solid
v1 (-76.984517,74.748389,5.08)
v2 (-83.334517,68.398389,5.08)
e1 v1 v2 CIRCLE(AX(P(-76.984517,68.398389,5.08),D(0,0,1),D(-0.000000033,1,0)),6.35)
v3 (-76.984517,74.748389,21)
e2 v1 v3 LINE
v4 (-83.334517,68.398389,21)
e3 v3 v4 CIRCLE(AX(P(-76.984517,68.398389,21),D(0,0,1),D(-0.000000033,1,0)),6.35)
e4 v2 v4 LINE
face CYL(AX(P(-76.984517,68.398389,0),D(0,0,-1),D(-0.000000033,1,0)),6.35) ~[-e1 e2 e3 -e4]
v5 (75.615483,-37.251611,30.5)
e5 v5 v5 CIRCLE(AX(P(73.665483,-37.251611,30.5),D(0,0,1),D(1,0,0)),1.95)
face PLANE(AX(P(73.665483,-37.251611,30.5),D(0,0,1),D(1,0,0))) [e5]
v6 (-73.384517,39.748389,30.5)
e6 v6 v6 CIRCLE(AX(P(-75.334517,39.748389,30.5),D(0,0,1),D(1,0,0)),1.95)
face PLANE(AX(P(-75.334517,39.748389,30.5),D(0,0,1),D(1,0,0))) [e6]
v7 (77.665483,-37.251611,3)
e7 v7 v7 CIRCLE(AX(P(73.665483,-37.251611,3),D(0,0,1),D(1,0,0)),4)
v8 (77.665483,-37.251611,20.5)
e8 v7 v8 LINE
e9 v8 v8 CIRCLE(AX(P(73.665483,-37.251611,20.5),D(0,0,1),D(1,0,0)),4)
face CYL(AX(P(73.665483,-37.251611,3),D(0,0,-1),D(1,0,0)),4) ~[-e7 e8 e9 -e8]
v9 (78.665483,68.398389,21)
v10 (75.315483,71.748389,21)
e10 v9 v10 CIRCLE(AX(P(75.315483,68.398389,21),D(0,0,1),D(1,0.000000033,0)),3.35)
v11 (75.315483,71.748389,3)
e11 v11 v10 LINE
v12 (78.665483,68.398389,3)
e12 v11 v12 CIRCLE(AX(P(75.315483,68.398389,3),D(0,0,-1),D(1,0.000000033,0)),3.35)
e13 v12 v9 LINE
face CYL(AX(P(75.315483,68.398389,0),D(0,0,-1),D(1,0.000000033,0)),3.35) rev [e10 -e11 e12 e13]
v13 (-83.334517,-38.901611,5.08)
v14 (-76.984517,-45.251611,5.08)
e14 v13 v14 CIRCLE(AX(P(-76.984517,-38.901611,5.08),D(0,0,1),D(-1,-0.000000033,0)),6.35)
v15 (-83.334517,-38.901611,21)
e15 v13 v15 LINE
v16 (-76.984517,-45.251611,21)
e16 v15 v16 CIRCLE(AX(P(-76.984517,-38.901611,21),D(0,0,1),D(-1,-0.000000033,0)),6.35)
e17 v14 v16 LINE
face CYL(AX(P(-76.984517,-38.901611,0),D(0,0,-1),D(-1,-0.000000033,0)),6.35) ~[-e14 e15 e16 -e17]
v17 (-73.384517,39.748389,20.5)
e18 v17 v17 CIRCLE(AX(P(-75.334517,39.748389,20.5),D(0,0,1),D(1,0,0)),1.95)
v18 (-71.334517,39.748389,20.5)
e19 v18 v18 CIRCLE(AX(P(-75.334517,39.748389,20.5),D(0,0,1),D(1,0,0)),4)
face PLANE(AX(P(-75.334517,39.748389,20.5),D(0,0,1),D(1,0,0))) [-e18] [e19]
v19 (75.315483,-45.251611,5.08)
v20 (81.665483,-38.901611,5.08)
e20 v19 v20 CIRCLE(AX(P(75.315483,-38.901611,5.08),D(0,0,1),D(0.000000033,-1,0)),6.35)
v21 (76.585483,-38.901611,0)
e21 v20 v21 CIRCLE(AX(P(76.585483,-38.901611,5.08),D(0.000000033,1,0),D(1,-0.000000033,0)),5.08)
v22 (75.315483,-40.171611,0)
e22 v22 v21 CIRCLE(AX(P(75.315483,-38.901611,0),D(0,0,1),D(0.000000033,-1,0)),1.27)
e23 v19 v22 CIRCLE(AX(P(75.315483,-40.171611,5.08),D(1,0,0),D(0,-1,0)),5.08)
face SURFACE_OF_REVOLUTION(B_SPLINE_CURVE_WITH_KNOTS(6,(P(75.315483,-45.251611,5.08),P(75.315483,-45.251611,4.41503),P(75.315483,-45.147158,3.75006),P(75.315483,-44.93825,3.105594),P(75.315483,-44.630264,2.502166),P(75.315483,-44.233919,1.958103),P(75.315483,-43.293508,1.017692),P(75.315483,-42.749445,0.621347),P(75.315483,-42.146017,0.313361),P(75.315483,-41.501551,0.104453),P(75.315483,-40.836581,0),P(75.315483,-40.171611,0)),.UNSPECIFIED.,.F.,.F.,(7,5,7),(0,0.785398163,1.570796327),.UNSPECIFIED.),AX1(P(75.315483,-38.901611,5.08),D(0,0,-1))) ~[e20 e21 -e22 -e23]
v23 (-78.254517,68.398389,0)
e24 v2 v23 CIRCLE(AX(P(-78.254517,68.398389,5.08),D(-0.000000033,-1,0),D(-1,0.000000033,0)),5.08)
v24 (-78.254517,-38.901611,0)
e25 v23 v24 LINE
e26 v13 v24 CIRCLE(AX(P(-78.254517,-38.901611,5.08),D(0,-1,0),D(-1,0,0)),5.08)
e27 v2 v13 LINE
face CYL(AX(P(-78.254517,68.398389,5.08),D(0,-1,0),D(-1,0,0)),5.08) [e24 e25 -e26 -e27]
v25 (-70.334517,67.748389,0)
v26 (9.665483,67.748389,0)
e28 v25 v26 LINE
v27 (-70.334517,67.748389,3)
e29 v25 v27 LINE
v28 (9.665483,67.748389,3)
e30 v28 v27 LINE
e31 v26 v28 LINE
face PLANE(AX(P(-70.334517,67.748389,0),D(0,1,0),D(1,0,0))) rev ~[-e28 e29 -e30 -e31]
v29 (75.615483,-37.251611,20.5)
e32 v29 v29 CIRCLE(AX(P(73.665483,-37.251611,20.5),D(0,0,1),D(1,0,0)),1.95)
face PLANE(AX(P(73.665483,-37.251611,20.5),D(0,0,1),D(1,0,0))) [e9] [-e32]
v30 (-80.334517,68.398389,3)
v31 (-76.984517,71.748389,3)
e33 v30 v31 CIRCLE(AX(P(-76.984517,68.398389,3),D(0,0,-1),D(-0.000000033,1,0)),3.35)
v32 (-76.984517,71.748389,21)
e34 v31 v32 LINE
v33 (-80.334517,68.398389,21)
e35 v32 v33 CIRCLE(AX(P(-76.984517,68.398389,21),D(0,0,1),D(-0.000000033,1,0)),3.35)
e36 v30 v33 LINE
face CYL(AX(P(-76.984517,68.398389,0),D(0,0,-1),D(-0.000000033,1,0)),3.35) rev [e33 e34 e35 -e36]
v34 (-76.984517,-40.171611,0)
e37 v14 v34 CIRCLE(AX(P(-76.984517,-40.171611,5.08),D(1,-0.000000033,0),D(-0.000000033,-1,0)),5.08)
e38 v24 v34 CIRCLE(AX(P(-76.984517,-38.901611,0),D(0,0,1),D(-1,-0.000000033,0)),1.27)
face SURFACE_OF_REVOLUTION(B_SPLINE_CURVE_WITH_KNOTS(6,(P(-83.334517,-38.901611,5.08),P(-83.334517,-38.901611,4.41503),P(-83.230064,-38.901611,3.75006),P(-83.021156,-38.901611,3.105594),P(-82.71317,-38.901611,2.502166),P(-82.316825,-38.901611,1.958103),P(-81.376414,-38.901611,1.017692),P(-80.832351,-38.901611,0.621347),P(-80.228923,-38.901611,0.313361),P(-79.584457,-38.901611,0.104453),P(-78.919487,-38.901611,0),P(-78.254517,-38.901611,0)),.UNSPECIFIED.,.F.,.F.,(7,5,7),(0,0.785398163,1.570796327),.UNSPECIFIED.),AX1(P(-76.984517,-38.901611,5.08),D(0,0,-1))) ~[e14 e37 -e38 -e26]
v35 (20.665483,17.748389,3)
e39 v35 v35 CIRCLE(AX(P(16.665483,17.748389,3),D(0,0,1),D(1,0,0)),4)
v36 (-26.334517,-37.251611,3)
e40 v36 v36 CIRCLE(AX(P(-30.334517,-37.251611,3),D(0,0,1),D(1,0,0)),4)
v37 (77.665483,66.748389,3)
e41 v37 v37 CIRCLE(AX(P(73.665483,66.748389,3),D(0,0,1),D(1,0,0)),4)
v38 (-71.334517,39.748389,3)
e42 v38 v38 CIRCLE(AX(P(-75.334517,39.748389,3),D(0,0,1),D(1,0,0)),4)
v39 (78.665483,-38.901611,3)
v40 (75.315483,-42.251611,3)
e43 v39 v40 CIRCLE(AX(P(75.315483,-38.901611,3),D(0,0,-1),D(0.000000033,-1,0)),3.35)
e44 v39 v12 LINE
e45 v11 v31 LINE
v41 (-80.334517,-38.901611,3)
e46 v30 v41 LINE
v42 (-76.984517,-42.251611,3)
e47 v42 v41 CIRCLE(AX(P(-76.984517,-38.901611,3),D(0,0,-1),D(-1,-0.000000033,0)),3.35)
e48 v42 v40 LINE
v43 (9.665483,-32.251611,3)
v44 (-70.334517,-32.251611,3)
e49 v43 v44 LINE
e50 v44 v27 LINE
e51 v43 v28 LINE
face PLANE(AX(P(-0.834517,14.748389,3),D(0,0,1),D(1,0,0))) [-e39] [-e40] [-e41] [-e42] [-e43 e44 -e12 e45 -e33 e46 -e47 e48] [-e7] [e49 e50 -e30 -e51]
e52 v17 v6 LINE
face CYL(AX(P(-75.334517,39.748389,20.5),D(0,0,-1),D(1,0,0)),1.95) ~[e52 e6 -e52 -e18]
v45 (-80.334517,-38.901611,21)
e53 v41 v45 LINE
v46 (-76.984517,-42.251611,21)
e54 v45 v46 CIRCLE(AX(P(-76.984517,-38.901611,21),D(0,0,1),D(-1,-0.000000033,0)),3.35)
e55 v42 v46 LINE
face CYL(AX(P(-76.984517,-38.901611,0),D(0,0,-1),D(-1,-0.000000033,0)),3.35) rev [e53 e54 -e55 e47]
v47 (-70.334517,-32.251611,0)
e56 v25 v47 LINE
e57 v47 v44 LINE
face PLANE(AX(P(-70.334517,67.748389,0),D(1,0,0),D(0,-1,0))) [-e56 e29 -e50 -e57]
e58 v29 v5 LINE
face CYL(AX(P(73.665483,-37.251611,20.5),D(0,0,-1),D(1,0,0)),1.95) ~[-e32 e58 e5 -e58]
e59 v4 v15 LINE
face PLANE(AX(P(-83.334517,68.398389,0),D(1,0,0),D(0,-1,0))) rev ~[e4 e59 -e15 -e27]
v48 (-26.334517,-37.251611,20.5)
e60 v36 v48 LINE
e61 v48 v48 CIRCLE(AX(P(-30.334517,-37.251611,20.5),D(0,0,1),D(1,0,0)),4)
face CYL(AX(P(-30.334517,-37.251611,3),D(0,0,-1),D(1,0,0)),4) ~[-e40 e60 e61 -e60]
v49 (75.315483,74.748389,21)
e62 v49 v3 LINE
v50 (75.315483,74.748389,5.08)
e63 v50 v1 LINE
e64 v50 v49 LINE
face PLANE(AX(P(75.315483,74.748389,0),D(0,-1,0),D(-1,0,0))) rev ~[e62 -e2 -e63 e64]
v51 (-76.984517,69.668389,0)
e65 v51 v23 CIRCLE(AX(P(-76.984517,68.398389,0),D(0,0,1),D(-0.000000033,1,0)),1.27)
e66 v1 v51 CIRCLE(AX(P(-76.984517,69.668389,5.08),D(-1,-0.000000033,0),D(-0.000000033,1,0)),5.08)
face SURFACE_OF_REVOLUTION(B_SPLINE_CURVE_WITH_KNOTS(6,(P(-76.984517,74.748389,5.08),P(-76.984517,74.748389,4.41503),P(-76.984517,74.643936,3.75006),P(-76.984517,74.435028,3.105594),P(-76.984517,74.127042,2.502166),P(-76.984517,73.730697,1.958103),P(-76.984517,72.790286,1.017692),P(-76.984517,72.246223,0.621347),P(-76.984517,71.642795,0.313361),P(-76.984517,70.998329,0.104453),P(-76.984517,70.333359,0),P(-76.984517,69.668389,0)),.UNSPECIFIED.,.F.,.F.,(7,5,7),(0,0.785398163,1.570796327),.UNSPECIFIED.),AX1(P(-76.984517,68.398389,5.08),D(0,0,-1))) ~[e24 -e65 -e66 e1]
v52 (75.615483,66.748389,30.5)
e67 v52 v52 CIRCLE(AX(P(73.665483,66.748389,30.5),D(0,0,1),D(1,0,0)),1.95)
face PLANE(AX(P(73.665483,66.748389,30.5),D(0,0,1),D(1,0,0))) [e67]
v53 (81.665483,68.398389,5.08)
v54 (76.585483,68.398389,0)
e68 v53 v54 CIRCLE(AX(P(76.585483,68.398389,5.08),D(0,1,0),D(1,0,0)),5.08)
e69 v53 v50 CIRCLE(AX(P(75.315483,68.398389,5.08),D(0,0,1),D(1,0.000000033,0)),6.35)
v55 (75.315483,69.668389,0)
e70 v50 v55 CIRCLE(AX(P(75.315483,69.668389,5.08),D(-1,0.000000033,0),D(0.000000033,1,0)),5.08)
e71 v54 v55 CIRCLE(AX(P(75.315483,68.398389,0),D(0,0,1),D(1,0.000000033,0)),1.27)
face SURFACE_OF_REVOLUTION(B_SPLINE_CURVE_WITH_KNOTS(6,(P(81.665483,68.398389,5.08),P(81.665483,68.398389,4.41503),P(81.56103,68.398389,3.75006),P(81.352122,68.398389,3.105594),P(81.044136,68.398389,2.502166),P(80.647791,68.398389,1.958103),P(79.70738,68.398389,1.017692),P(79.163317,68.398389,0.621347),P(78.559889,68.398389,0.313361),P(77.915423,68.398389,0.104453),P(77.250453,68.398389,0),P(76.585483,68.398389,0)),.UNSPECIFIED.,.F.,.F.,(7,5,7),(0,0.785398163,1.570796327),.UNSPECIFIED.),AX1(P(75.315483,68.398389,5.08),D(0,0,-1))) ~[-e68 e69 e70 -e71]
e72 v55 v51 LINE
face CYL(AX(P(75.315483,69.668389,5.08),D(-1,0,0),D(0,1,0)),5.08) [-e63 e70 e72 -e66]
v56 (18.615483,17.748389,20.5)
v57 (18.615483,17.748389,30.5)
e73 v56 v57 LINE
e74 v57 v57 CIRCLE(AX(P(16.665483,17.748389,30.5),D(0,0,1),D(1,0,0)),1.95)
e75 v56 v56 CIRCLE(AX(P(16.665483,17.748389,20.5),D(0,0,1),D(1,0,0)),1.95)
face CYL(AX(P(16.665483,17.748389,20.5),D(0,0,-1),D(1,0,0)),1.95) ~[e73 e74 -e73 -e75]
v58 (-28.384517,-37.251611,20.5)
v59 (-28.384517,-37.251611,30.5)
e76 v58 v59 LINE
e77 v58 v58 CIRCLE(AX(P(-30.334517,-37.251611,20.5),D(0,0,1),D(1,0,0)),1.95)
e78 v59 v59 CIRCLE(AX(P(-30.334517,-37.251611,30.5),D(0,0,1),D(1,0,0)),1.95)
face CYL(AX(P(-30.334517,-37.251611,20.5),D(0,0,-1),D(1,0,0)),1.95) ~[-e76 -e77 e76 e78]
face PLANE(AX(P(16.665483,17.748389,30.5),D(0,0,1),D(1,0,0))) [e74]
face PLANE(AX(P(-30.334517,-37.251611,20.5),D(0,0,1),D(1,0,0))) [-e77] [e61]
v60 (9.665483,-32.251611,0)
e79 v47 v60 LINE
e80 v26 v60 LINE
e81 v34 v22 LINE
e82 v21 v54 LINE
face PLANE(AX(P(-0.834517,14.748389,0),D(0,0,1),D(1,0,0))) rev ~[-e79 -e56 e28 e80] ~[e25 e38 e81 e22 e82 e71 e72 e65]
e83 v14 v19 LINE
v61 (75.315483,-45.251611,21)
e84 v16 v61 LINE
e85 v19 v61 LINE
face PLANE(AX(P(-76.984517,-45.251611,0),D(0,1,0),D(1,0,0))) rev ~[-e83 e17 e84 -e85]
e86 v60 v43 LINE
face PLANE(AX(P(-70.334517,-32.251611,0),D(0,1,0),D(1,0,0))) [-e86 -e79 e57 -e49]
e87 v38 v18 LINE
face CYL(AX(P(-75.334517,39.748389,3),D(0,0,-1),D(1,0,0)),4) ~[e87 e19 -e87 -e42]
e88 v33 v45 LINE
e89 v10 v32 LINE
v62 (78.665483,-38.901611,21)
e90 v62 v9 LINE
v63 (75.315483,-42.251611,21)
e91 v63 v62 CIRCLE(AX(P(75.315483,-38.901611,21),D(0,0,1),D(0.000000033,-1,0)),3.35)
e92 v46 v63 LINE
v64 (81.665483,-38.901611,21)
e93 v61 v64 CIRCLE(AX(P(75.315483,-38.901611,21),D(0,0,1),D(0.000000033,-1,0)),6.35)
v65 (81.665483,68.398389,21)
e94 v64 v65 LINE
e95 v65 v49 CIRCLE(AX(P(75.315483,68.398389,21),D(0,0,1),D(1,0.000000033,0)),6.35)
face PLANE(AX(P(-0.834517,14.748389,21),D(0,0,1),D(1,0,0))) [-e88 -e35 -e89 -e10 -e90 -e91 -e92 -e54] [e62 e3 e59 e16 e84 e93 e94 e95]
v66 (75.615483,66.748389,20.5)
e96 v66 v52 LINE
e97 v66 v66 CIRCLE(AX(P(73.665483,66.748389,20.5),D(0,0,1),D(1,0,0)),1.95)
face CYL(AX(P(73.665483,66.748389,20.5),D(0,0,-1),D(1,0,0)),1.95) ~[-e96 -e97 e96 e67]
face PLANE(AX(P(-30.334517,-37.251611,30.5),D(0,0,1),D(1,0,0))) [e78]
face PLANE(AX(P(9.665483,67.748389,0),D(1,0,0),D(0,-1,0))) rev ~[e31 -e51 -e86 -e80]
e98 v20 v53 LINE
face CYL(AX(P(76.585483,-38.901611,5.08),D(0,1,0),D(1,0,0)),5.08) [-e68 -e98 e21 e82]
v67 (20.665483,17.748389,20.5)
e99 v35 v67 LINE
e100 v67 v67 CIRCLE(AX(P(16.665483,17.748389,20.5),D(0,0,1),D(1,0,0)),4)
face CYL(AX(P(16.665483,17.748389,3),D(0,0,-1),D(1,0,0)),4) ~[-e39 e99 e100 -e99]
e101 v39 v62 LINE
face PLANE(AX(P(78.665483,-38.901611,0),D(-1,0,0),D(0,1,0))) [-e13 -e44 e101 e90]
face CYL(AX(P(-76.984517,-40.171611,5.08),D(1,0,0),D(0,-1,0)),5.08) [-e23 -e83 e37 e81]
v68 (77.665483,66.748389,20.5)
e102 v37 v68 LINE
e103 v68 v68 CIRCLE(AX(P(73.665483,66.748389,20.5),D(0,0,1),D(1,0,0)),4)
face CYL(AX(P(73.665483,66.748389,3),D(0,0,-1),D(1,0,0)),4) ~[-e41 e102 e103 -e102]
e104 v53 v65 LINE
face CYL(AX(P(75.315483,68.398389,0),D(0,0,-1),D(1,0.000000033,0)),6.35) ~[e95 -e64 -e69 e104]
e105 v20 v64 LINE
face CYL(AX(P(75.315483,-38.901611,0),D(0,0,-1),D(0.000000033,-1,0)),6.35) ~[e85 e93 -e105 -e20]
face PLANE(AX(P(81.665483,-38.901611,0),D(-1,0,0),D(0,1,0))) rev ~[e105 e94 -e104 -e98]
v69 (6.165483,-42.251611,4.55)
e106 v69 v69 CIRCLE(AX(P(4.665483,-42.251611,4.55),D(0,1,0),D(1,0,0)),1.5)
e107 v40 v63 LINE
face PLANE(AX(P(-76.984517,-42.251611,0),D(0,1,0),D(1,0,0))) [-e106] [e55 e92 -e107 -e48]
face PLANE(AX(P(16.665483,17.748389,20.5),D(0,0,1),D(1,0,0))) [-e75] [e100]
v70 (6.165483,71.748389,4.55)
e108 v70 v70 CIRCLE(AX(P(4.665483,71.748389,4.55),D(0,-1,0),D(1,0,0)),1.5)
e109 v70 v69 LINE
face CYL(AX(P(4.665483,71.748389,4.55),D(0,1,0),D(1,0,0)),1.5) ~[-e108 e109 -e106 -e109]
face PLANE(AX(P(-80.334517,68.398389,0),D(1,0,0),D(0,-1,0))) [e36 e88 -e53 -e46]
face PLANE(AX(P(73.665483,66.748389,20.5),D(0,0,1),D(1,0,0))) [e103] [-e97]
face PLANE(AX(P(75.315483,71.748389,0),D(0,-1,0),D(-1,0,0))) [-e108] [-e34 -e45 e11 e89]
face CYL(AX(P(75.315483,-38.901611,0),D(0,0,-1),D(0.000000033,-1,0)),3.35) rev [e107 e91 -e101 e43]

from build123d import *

# Parameters (mm, degrees)
F1_DEPTH  = 21
F2_T      = -3
F3_R      = 5.08
F4_R      = 4
F5_DEPTH  = 17.5
F6_R      = 1.95
F7_DEPTH  = 10
F8_W      = 80
F8_H      = 100
F9_DEPTH  = 25
F10_R     = 1.5
F11_DEPTH = 115


with BuildPart() as f1:
    # F0 (on Top) → F1 (new body)
    with BuildSketch(Plane.XY):
        with BuildLine():
            ThreePointArc((-83.334517, -38.901611), (-81.474645, -43.391739), (-76.984517, -45.251611))
            Line((-76.984517, -45.251611), (75.315483, -45.251611))
            ThreePointArc((75.315483, -45.251611), (79.805611, -43.391739), (81.665483, -38.901611))
            Line((81.665483, -38.901611), (81.665483, 68.398389))
            ThreePointArc((81.665483, 68.398389), (79.805611, 72.888517), (75.315483, 74.748389))
            Line((75.315483, 74.748389), (-76.984517, 74.748389))
            ThreePointArc((-76.984517, 74.748389), (-81.474645, 72.888517), (-83.334517, 68.398389))
            Line((-83.334517, 68.398389), (-83.334517, -38.901611))
        make_face()
    extrude(amount=F1_DEPTH)

    # F2
    f2_openings = [f1.faces().sort_by_distance(p)[0] for p in [
        (-0.834517, 14.748389, 21),
    ]]
    offset(amount=F2_T, openings=f2_openings)

    # F3
    f3_edges = [f1.edges().sort_by_distance(p)[0] for p in [
        (-81.474645, 72.888517, 0),
    ]]
    fillet(f3_edges, radius=F3_R)

    # F4 (on face) → F5 (join)
    with BuildSketch(Plane.XY.offset(3)):
        with Locations((73.665483, -37.251611)):
            Circle(F4_R)
        with Locations((73.665483, 66.748389)):
            Circle(F4_R)
        with Locations((16.665483, 17.748389)):
            Circle(F4_R)
        with Locations((-75.334517, 39.748389)):
            Circle(F4_R)
        with Locations((-30.334517, -37.251611)):
            Circle(F4_R)
    extrude(amount=F5_DEPTH)

    # F6 (on face) → F7 (join)
    with BuildSketch(Plane.XY.offset(20.5)):
        with Locations((73.665483, -37.251611)):
            Circle(F6_R)
        with Locations((16.665483, 17.748389)):
            Circle(F6_R)
        with Locations((73.665483, 66.748389)):
            Circle(F6_R)
        with Locations((-30.334517, -37.251611)):
            Circle(F6_R)
        with Locations((-75.334517, 39.748389)):
            Circle(F6_R)
    extrude(amount=F7_DEPTH)

    # F8 (on face) → F9 (cut)
    with BuildSketch(Plane(origin=(0, 0, 0), x_dir=(1, 0, 0), z_dir=(0, 0, -1))):
        with Locations((-30.334517, -17.748389)):
            Rectangle(F8_W, F8_H)
    extrude(amount=-F9_DEPTH, mode=Mode.SUBTRACT)

    # F10 (on face) → F11 (join)
    with BuildSketch(Plane.XZ.offset(-71.748389)):
        with Locations((4.665483, 4.55)):
            Circle(F10_R)
    extrude(amount=F11_DEPTH)


solid = f1.part
